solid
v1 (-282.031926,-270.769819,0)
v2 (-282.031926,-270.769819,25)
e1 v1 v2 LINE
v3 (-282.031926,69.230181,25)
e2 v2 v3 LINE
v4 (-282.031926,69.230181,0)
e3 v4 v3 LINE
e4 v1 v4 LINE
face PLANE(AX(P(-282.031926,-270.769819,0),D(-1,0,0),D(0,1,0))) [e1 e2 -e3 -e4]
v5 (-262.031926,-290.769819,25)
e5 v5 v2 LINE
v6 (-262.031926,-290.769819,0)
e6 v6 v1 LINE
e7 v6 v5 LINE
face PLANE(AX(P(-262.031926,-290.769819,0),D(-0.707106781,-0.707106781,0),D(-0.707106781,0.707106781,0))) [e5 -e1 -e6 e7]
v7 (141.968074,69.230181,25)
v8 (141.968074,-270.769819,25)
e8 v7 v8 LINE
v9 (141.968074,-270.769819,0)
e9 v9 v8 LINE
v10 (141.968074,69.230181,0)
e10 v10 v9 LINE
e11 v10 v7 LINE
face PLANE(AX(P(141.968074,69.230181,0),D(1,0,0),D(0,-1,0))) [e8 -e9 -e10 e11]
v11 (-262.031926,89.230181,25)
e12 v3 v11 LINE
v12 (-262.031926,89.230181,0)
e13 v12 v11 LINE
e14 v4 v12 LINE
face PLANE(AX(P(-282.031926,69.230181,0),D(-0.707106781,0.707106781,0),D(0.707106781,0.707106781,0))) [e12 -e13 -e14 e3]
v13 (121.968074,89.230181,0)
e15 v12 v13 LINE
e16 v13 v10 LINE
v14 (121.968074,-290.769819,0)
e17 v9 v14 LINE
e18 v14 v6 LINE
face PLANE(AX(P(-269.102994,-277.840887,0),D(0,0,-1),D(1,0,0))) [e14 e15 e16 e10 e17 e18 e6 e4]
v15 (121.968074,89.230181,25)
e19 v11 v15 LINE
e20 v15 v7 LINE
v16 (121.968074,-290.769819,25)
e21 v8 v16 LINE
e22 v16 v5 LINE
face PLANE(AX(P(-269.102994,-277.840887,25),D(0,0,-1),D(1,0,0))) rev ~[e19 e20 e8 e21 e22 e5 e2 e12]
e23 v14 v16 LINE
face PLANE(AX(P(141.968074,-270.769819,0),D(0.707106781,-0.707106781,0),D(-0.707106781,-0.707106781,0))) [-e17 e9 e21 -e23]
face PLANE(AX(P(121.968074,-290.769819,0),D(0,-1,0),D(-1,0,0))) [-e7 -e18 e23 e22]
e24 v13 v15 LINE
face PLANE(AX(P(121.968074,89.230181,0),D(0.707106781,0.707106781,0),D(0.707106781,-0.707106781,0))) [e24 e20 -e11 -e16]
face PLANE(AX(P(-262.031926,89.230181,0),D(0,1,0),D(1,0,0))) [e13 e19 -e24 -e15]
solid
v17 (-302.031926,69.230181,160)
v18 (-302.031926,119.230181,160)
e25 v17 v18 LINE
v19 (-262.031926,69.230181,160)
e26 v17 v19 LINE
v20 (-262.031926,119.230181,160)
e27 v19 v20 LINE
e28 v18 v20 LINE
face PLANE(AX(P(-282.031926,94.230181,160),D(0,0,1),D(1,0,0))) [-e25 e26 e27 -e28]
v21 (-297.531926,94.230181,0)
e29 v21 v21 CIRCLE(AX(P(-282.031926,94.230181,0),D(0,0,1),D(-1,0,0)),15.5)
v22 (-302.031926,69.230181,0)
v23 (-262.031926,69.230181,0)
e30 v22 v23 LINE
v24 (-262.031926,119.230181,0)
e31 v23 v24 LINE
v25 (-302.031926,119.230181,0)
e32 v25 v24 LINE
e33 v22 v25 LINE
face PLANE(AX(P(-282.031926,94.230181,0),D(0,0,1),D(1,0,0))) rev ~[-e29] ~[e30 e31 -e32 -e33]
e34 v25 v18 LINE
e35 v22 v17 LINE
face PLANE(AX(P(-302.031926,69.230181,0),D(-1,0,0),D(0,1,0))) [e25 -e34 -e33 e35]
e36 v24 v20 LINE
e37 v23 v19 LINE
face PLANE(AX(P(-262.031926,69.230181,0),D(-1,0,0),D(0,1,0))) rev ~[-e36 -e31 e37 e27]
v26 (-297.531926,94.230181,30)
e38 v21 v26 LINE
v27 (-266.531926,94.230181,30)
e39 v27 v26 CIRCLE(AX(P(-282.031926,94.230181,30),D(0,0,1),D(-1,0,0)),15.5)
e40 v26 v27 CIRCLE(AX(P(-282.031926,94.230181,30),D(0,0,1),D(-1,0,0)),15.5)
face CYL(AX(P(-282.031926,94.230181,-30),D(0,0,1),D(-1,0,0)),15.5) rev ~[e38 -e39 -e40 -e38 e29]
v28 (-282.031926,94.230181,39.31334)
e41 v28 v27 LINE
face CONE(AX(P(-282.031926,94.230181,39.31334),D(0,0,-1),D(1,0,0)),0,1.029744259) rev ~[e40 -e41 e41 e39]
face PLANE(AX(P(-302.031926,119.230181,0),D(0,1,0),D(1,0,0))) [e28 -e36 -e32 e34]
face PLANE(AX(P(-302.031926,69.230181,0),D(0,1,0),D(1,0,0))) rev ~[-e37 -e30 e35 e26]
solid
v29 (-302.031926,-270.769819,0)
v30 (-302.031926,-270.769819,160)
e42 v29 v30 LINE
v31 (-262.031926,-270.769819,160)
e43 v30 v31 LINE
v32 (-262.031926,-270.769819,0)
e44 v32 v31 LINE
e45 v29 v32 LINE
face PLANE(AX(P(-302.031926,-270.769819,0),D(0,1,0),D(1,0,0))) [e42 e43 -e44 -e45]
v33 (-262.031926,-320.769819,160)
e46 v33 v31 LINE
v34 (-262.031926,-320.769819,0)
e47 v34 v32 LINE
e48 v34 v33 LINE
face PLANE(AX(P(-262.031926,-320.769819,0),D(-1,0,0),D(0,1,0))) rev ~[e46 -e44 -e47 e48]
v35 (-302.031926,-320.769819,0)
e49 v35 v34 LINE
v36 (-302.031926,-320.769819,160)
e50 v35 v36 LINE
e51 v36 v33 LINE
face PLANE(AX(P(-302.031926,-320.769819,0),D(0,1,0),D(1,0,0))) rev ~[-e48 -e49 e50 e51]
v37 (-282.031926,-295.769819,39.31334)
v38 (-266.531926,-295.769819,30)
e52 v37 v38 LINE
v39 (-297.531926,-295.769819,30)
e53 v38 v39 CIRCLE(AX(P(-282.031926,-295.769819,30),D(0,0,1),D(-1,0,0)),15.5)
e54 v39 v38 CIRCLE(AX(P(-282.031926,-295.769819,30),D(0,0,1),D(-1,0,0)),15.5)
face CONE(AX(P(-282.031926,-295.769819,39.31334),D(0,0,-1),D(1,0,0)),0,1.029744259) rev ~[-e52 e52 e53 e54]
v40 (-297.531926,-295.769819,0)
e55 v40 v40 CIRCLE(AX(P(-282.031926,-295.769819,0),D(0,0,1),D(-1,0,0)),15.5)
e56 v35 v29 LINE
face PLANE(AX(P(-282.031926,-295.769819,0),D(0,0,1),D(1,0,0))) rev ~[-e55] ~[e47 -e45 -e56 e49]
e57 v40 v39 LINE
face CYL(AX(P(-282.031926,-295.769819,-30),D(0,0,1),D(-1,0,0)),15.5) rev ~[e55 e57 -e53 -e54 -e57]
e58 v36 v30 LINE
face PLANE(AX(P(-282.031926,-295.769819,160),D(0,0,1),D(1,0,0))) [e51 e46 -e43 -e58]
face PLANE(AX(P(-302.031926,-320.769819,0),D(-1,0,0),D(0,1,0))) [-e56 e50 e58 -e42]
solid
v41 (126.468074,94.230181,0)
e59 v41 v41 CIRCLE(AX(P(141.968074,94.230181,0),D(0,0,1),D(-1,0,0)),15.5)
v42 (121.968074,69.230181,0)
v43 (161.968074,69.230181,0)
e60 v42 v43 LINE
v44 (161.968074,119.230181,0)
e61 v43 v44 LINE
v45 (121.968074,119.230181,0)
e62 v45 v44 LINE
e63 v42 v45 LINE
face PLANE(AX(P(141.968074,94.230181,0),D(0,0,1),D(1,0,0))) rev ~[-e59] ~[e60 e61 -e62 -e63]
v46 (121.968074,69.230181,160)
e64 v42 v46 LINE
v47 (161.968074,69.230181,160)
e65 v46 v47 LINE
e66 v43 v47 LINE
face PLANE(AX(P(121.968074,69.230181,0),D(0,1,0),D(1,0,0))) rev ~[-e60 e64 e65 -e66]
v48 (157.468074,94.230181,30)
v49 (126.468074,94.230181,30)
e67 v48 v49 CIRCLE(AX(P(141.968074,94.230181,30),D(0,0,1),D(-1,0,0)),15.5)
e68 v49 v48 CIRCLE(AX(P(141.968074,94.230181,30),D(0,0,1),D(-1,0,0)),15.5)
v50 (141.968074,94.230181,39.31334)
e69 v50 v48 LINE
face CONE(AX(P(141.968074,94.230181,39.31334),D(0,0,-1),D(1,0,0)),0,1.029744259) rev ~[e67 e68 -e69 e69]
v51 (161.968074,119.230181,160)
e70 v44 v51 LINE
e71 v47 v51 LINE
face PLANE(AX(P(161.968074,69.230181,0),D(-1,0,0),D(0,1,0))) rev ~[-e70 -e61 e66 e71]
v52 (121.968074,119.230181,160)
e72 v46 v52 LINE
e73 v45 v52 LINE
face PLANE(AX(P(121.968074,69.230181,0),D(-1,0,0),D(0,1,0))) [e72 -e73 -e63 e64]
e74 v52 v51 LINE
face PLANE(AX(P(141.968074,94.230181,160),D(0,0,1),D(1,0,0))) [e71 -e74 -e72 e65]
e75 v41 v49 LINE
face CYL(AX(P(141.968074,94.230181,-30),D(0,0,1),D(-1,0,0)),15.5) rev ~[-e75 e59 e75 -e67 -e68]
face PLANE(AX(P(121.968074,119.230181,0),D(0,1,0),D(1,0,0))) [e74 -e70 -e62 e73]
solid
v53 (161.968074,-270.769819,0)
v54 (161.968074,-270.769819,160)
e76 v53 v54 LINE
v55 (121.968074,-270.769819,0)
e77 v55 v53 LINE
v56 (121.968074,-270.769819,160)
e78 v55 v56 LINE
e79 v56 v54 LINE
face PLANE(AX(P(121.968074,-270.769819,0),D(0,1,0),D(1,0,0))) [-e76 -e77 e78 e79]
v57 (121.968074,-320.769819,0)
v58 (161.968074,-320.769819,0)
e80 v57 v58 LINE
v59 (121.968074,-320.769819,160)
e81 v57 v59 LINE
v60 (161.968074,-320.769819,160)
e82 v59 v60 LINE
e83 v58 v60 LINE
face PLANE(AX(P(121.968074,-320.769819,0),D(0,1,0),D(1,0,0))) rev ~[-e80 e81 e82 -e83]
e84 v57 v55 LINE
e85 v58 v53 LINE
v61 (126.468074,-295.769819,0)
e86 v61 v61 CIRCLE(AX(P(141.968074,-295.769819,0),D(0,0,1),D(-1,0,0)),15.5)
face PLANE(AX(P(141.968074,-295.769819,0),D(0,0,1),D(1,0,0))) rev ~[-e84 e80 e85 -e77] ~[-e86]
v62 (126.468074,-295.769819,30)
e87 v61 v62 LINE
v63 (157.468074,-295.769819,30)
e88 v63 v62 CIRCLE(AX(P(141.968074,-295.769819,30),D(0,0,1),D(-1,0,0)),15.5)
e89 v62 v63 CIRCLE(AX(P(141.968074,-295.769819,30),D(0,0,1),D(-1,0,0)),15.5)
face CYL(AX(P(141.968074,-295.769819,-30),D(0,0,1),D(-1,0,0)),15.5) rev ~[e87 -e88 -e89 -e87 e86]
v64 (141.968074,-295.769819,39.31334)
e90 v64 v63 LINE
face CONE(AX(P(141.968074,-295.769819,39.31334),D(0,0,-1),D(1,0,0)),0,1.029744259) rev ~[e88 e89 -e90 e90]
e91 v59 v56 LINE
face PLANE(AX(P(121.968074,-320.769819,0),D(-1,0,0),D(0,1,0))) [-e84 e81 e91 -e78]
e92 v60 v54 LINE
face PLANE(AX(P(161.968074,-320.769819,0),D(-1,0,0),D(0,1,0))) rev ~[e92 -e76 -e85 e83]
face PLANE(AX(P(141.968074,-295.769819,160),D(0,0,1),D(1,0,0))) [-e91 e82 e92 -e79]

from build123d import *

# Parameters (mm, degrees)
F1_W       = 40
F1_H       = 50
F2_DEPTH   = 160
F4_D       = 31
F4_DEPTH   = 30
F4_TIP     = 9.3133395949
F4_2_D     = 31
F4_2_DEPTH = 30
F4_2_TIP   = 9.3133395949
F4_3_D     = 31
F4_3_DEPTH = 30
F4_3_TIP   = 9.3133395949
F4_4_D     = 31
F4_4_DEPTH = 30
F4_4_TIP   = 9.3133395949
F6_DEPTH   = 25


with BuildPart() as f2:
    # F1 (on Top) → F2 (new body)
    with BuildSketch(Plane.XY):
        with Locations((-282.0319264125, 94.2301812497)):
            Rectangle(F1_W, F1_H)
    extrude(amount=F2_DEPTH)

    # F4
    with Locations(Plane(origin=(0, 0, 0), x_dir=(1, 0, 0), z_dir=(0, 0, -1))):
        with Locations((-282.0319264125, 295.7698187503), (-282.0319264125, -94.2301812497), (141.9680735875, -94.2301812497), (141.9680735875, 295.7698187503)):
            Hole(F4_D / 2, depth=F4_DEPTH)
            with Locations((0, 0, -(F4_DEPTH + F4_TIP / 2))):  # 118° drill point
                Cone(0, F4_D / 2, F4_TIP, mode=Mode.SUBTRACT)


with BuildPart() as f2b:
    # F1 (on Top) → F2, piece 2 (new body)
    with BuildSketch(Plane.XY):
        with Locations((141.9680735875, 94.2301812497)):
            Rectangle(F1_W, F1_H)
    extrude(amount=F2_DEPTH)

    # F4#2
    with Locations(Plane(origin=(0, 0, 0), x_dir=(1, 0, 0), z_dir=(0, 0, -1))):
        with Locations((-282.0319264125, 295.7698187503), (-282.0319264125, -94.2301812497), (141.9680735875, -94.2301812497), (141.9680735875, 295.7698187503)):
            Hole(F4_2_D / 2, depth=F4_2_DEPTH)
            with Locations((0, 0, -(F4_2_DEPTH + F4_2_TIP / 2))):  # 118° drill point
                Cone(0, F4_2_D / 2, F4_2_TIP, mode=Mode.SUBTRACT)


with BuildPart() as f2c:
    # F1 (on Top) → F2, piece 3 (new body)
    with BuildSketch(Plane.XY):
        with Locations((141.9680735875, -295.7698187503)):
            Rectangle(F1_W, F1_H)
    extrude(amount=F2_DEPTH)

    # F4#3
    with Locations(Plane(origin=(0, 0, 0), x_dir=(1, 0, 0), z_dir=(0, 0, -1))):
        with Locations((-282.0319264125, 295.7698187503), (-282.0319264125, -94.2301812497), (141.9680735875, -94.2301812497), (141.9680735875, 295.7698187503)):
            Hole(F4_3_D / 2, depth=F4_3_DEPTH)
            with Locations((0, 0, -(F4_3_DEPTH + F4_3_TIP / 2))):  # 118° drill point
                Cone(0, F4_3_D / 2, F4_3_TIP, mode=Mode.SUBTRACT)


with BuildPart() as f2d:
    # F1 (on Top) → F2, piece 4 (new body)
    with BuildSketch(Plane.XY):
        with Locations((-282.0319264125, -295.7698187503)):
            Rectangle(F1_W, F1_H)
    extrude(amount=F2_DEPTH)

    # F4#4
    with Locations(Plane(origin=(0, 0, 0), x_dir=(1, 0, 0), z_dir=(0, 0, -1))):
        with Locations((-282.0319264125, 295.7698187503), (-282.0319264125, -94.2301812497), (141.9680735875, -94.2301812497), (141.9680735875, 295.7698187503)):
            Hole(F4_4_D / 2, depth=F4_4_DEPTH)
            with Locations((0, 0, -(F4_4_DEPTH + F4_4_TIP / 2))):  # 118° drill point
                Cone(0, F4_4_D / 2, F4_4_TIP, mode=Mode.SUBTRACT)


with BuildPart() as f6:
    # F5 (on face) → F6 (new body)
    with BuildSketch(Plane(origin=(0, 0, 0), x_dir=(1, 0, 0), z_dir=(0, 0, -1))):
        Polygon((-262.0319264125, 290.7698187503), (-282.0319264125, 270.7698187503), (-262.0319264125, 270.7698187503), align=None)
        Polygon((-262.0319264125, 270.7698187503), (-282.0319264125, 270.7698187503), (-282.0319264125, -69.2301812497), (-262.0319264125, -69.2301812497), (-262.0319264125, -89.2301812497), (121.9680735875, -89.2301812497), (121.9680735875, -69.2301812497), (141.9680735875, -69.2301812497), (141.9680735875, 270.7698187503), (121.9680735875, 270.7698187503), (121.9680735875, 290.7698187503), (-262.0319264125, 290.7698187503), align=None)
        Polygon((-262.0319264125, -69.2301812497), (-282.0319264125, -69.2301812497), (-262.0319264125, -89.2301812497), align=None)
        Polygon((141.9680735875, 270.7698187503), (121.9680735875, 290.7698187503), (121.9680735875, 270.7698187503), align=None)
        Polygon((121.9680735875, -69.2301812497), (121.9680735875, -89.2301812497), (141.9680735875, -69.2301812497), align=None)
    extrude(amount=-F6_DEPTH)


solid = Compound([f2.part, f2b.part, f2c.part, f2d.part, f6.part])
